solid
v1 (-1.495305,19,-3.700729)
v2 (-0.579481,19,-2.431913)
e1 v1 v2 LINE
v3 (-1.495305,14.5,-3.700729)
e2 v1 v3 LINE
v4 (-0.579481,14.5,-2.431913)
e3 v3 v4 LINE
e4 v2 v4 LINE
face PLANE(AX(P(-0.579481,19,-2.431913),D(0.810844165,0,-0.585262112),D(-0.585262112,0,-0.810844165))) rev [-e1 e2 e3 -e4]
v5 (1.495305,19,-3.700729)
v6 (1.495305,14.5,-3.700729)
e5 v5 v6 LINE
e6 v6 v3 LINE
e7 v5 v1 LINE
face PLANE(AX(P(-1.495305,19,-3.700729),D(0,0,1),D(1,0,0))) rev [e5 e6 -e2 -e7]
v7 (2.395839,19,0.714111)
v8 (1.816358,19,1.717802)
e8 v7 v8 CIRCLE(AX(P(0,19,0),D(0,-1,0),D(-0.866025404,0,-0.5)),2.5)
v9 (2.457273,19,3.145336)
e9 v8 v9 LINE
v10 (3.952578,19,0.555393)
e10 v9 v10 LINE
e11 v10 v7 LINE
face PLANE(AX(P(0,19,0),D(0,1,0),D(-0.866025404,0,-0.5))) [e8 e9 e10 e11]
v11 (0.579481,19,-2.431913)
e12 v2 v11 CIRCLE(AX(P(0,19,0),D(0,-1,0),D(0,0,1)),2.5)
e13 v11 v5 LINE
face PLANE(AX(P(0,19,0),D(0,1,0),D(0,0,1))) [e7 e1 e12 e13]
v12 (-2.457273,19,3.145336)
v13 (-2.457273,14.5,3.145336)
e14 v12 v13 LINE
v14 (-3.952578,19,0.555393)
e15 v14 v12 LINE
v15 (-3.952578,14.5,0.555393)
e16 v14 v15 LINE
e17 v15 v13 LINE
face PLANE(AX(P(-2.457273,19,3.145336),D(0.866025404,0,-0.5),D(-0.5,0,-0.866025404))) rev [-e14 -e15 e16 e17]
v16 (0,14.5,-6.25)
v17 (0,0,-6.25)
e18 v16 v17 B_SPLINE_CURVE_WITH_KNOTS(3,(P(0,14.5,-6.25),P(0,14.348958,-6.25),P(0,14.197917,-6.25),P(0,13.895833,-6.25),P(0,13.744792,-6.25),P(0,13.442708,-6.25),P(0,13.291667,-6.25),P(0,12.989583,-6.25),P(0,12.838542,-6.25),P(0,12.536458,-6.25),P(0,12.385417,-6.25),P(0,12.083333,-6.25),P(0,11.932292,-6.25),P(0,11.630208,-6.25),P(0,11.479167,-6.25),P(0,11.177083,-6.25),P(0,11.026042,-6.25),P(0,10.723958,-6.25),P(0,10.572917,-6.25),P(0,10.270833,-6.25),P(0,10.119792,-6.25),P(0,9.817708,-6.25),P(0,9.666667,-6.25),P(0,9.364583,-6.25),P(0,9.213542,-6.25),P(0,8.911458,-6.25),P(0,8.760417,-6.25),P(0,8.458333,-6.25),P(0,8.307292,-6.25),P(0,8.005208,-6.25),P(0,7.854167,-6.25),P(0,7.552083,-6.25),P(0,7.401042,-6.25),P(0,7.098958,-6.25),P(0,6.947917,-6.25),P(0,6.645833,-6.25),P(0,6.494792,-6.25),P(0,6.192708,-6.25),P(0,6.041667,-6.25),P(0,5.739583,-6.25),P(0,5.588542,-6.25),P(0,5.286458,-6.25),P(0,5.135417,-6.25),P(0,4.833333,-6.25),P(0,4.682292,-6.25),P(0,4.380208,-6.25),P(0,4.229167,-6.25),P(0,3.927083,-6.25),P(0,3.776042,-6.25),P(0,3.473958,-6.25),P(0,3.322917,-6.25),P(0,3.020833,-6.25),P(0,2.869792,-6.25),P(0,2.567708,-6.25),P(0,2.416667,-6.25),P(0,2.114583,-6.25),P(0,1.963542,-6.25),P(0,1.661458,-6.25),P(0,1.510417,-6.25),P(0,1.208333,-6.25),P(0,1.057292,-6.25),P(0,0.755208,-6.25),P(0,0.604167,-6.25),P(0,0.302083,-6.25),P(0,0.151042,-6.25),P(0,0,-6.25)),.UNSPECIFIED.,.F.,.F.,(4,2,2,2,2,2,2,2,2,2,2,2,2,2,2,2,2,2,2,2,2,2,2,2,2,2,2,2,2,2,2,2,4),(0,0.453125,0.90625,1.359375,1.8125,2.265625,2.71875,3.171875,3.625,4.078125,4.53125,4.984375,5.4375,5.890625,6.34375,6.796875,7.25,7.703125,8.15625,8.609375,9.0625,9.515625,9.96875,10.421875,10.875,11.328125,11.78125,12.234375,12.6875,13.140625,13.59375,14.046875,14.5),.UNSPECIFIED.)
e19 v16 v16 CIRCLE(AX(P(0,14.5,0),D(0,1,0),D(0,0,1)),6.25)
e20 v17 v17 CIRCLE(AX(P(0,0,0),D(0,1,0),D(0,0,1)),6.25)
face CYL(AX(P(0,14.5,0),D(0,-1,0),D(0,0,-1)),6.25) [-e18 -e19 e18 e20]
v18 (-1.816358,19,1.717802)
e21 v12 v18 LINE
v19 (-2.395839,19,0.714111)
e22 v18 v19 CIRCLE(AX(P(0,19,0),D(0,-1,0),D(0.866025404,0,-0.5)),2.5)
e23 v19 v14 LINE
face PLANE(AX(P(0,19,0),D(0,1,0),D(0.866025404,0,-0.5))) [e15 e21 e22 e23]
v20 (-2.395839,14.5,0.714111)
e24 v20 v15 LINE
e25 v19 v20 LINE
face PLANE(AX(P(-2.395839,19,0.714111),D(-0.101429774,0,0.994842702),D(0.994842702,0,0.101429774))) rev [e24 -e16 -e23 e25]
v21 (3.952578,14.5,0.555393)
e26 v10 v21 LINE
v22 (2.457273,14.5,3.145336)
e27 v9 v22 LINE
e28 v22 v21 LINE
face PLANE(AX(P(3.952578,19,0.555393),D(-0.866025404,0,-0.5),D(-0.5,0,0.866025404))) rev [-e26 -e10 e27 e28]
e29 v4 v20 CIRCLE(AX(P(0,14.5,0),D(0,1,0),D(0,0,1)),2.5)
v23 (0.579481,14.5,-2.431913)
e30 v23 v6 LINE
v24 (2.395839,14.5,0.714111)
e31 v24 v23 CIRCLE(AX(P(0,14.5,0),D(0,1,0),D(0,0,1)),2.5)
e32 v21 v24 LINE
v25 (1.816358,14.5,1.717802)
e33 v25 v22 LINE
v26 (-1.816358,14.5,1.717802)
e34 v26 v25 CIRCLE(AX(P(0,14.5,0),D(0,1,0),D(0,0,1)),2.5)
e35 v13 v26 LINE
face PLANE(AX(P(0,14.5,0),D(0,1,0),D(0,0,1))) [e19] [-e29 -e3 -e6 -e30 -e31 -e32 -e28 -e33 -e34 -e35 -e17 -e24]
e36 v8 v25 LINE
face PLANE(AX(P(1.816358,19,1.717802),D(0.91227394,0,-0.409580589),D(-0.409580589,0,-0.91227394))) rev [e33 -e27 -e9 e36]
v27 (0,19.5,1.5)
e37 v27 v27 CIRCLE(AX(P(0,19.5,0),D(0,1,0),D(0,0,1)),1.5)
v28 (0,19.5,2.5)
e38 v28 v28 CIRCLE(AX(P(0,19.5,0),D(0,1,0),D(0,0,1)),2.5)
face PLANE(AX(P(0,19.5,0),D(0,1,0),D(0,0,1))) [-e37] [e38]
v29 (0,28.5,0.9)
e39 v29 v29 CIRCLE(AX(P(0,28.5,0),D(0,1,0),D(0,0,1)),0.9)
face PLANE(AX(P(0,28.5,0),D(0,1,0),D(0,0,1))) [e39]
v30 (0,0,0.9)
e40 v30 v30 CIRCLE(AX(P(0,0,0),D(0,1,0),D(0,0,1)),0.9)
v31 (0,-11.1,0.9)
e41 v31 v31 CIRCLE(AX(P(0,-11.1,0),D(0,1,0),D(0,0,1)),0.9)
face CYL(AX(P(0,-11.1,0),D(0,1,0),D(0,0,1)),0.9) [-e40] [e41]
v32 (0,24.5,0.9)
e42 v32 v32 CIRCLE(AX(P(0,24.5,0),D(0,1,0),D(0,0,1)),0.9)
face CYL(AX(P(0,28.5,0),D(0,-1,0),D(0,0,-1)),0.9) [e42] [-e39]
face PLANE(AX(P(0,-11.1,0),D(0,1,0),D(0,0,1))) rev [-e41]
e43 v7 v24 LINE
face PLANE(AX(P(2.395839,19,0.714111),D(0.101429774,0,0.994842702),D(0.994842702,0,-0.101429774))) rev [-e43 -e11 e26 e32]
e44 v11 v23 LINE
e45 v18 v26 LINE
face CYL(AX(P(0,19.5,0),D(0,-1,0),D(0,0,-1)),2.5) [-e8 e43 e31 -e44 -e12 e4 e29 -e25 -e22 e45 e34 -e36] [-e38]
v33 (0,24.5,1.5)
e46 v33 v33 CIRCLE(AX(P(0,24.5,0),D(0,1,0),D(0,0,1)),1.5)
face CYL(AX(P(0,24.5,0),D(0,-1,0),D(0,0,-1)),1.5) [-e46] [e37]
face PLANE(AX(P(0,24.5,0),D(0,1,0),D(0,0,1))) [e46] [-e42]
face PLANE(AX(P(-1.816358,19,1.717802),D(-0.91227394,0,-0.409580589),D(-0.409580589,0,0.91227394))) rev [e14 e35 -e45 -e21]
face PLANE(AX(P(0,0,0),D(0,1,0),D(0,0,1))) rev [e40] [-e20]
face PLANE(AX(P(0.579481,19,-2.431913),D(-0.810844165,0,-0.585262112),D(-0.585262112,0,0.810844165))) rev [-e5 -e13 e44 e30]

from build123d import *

# Parameters (mm, degrees)
SKETCH1_R           = 6.25
BOSS_EXTRUDE1_DEPTH = 14.5
SKETCH2_R           = 0.9
BOSS_EXTRUDE2_DEPTH = 11.1
SKETCH3_R           = 2.5
BOSS_EXTRUDE3_DEPTH = 5
SKETCH4_R           = 1.5
BOSS_EXTRUDE4_DEPTH = 5
BOSS_EXTRUDE5_START = 4
SKETCH5_R           = 0.9
BOSS_EXTRUDE5_DEPTH = 4
BOSS_EXTRUDE9_DEPTH = 4.5
CIRPATTERN1_COUNT   = 3


with BuildPart() as part:
    # Sketch1 → Boss-Extrude1 (new body)
    with BuildSketch(Plane(origin=(0, 0, 0), x_dir=(1, 0, 0), z_dir=(0, 1, 0))):
        with Locations(Location((0, 0, 0), (0, 0, 90))):
            Circle(SKETCH1_R)
    extrude(amount=BOSS_EXTRUDE1_DEPTH)

    # Sketch2 → Boss-Extrude2 (add)
    with BuildSketch(Plane(origin=(0, 0, 0), x_dir=(1, 0, 0), z_dir=(0, 1, 0))):
        with Locations(Location((0, 0, 0), (0, 0, 270))):
            Circle(SKETCH2_R)
    extrude(amount=-BOSS_EXTRUDE2_DEPTH)

    # Sketch3 → Boss-Extrude3 (add)
    with BuildSketch(Plane(origin=(0, 14.5, 0), x_dir=(1, 0, 0), z_dir=(0, 1, 0))):
        with Locations(Location((0, 0, 0), (0, 0, 270))):
            Circle(SKETCH3_R)
    extrude(amount=BOSS_EXTRUDE3_DEPTH)

    # Sketch4 → Boss-Extrude4 (add)
    with BuildSketch(Plane(origin=(0, 19.5, 0), x_dir=(1, 0, 0), z_dir=(0, 1, 0))):
        with Locations(Location((0, 0, 0), (0, 0, 270))):
            Circle(SKETCH4_R)
    extrude(amount=BOSS_EXTRUDE4_DEPTH)

    # Sketch5 → Boss-Extrude5 (add)
    with BuildSketch(Plane(origin=(0, 24.5, 0), x_dir=(1, 0, 0), z_dir=(0, 1, 0)).offset(BOSS_EXTRUDE5_START)):
        with Locations(Location((0, 0, 0), (0, 0, 270))):
            Circle(SKETCH5_R)
    extrude(amount=-BOSS_EXTRUDE5_DEPTH)

    # Sketch7 → Boss-Extrude9 (add)
    with BuildSketch(Plane(origin=(0, 14.5, 0), x_dir=(1, 0, 0), z_dir=(0, 1, 0))):
        with BuildLine():
            Line((-0.579481228, 2.431913137), (-1.495304536, 3.700729228))
            Line((-1.495304536, 3.700729228), (1.495304536, 3.700729228))
            Line((1.495304536, 3.700729228), (0.579481228, 2.431913137))
            ThreePointArc((0.579481228, 2.431913137), (0, 2.5), (-0.579481228, 2.431913137))
        make_face()
    boss_extrude9 = extrude(amount=BOSS_EXTRUDE9_DEPTH)

    # CirPattern1: Boss-Extrude9 ×3 about axis
    cirpattern1_axis = Axis((0, 0, 0), (0, 1, 0))
    for i in range(1, CIRPATTERN1_COUNT):
        add(boss_extrude9.rotate(cirpattern1_axis, i * 360 / CIRPATTERN1_COUNT))


solid = part.part
